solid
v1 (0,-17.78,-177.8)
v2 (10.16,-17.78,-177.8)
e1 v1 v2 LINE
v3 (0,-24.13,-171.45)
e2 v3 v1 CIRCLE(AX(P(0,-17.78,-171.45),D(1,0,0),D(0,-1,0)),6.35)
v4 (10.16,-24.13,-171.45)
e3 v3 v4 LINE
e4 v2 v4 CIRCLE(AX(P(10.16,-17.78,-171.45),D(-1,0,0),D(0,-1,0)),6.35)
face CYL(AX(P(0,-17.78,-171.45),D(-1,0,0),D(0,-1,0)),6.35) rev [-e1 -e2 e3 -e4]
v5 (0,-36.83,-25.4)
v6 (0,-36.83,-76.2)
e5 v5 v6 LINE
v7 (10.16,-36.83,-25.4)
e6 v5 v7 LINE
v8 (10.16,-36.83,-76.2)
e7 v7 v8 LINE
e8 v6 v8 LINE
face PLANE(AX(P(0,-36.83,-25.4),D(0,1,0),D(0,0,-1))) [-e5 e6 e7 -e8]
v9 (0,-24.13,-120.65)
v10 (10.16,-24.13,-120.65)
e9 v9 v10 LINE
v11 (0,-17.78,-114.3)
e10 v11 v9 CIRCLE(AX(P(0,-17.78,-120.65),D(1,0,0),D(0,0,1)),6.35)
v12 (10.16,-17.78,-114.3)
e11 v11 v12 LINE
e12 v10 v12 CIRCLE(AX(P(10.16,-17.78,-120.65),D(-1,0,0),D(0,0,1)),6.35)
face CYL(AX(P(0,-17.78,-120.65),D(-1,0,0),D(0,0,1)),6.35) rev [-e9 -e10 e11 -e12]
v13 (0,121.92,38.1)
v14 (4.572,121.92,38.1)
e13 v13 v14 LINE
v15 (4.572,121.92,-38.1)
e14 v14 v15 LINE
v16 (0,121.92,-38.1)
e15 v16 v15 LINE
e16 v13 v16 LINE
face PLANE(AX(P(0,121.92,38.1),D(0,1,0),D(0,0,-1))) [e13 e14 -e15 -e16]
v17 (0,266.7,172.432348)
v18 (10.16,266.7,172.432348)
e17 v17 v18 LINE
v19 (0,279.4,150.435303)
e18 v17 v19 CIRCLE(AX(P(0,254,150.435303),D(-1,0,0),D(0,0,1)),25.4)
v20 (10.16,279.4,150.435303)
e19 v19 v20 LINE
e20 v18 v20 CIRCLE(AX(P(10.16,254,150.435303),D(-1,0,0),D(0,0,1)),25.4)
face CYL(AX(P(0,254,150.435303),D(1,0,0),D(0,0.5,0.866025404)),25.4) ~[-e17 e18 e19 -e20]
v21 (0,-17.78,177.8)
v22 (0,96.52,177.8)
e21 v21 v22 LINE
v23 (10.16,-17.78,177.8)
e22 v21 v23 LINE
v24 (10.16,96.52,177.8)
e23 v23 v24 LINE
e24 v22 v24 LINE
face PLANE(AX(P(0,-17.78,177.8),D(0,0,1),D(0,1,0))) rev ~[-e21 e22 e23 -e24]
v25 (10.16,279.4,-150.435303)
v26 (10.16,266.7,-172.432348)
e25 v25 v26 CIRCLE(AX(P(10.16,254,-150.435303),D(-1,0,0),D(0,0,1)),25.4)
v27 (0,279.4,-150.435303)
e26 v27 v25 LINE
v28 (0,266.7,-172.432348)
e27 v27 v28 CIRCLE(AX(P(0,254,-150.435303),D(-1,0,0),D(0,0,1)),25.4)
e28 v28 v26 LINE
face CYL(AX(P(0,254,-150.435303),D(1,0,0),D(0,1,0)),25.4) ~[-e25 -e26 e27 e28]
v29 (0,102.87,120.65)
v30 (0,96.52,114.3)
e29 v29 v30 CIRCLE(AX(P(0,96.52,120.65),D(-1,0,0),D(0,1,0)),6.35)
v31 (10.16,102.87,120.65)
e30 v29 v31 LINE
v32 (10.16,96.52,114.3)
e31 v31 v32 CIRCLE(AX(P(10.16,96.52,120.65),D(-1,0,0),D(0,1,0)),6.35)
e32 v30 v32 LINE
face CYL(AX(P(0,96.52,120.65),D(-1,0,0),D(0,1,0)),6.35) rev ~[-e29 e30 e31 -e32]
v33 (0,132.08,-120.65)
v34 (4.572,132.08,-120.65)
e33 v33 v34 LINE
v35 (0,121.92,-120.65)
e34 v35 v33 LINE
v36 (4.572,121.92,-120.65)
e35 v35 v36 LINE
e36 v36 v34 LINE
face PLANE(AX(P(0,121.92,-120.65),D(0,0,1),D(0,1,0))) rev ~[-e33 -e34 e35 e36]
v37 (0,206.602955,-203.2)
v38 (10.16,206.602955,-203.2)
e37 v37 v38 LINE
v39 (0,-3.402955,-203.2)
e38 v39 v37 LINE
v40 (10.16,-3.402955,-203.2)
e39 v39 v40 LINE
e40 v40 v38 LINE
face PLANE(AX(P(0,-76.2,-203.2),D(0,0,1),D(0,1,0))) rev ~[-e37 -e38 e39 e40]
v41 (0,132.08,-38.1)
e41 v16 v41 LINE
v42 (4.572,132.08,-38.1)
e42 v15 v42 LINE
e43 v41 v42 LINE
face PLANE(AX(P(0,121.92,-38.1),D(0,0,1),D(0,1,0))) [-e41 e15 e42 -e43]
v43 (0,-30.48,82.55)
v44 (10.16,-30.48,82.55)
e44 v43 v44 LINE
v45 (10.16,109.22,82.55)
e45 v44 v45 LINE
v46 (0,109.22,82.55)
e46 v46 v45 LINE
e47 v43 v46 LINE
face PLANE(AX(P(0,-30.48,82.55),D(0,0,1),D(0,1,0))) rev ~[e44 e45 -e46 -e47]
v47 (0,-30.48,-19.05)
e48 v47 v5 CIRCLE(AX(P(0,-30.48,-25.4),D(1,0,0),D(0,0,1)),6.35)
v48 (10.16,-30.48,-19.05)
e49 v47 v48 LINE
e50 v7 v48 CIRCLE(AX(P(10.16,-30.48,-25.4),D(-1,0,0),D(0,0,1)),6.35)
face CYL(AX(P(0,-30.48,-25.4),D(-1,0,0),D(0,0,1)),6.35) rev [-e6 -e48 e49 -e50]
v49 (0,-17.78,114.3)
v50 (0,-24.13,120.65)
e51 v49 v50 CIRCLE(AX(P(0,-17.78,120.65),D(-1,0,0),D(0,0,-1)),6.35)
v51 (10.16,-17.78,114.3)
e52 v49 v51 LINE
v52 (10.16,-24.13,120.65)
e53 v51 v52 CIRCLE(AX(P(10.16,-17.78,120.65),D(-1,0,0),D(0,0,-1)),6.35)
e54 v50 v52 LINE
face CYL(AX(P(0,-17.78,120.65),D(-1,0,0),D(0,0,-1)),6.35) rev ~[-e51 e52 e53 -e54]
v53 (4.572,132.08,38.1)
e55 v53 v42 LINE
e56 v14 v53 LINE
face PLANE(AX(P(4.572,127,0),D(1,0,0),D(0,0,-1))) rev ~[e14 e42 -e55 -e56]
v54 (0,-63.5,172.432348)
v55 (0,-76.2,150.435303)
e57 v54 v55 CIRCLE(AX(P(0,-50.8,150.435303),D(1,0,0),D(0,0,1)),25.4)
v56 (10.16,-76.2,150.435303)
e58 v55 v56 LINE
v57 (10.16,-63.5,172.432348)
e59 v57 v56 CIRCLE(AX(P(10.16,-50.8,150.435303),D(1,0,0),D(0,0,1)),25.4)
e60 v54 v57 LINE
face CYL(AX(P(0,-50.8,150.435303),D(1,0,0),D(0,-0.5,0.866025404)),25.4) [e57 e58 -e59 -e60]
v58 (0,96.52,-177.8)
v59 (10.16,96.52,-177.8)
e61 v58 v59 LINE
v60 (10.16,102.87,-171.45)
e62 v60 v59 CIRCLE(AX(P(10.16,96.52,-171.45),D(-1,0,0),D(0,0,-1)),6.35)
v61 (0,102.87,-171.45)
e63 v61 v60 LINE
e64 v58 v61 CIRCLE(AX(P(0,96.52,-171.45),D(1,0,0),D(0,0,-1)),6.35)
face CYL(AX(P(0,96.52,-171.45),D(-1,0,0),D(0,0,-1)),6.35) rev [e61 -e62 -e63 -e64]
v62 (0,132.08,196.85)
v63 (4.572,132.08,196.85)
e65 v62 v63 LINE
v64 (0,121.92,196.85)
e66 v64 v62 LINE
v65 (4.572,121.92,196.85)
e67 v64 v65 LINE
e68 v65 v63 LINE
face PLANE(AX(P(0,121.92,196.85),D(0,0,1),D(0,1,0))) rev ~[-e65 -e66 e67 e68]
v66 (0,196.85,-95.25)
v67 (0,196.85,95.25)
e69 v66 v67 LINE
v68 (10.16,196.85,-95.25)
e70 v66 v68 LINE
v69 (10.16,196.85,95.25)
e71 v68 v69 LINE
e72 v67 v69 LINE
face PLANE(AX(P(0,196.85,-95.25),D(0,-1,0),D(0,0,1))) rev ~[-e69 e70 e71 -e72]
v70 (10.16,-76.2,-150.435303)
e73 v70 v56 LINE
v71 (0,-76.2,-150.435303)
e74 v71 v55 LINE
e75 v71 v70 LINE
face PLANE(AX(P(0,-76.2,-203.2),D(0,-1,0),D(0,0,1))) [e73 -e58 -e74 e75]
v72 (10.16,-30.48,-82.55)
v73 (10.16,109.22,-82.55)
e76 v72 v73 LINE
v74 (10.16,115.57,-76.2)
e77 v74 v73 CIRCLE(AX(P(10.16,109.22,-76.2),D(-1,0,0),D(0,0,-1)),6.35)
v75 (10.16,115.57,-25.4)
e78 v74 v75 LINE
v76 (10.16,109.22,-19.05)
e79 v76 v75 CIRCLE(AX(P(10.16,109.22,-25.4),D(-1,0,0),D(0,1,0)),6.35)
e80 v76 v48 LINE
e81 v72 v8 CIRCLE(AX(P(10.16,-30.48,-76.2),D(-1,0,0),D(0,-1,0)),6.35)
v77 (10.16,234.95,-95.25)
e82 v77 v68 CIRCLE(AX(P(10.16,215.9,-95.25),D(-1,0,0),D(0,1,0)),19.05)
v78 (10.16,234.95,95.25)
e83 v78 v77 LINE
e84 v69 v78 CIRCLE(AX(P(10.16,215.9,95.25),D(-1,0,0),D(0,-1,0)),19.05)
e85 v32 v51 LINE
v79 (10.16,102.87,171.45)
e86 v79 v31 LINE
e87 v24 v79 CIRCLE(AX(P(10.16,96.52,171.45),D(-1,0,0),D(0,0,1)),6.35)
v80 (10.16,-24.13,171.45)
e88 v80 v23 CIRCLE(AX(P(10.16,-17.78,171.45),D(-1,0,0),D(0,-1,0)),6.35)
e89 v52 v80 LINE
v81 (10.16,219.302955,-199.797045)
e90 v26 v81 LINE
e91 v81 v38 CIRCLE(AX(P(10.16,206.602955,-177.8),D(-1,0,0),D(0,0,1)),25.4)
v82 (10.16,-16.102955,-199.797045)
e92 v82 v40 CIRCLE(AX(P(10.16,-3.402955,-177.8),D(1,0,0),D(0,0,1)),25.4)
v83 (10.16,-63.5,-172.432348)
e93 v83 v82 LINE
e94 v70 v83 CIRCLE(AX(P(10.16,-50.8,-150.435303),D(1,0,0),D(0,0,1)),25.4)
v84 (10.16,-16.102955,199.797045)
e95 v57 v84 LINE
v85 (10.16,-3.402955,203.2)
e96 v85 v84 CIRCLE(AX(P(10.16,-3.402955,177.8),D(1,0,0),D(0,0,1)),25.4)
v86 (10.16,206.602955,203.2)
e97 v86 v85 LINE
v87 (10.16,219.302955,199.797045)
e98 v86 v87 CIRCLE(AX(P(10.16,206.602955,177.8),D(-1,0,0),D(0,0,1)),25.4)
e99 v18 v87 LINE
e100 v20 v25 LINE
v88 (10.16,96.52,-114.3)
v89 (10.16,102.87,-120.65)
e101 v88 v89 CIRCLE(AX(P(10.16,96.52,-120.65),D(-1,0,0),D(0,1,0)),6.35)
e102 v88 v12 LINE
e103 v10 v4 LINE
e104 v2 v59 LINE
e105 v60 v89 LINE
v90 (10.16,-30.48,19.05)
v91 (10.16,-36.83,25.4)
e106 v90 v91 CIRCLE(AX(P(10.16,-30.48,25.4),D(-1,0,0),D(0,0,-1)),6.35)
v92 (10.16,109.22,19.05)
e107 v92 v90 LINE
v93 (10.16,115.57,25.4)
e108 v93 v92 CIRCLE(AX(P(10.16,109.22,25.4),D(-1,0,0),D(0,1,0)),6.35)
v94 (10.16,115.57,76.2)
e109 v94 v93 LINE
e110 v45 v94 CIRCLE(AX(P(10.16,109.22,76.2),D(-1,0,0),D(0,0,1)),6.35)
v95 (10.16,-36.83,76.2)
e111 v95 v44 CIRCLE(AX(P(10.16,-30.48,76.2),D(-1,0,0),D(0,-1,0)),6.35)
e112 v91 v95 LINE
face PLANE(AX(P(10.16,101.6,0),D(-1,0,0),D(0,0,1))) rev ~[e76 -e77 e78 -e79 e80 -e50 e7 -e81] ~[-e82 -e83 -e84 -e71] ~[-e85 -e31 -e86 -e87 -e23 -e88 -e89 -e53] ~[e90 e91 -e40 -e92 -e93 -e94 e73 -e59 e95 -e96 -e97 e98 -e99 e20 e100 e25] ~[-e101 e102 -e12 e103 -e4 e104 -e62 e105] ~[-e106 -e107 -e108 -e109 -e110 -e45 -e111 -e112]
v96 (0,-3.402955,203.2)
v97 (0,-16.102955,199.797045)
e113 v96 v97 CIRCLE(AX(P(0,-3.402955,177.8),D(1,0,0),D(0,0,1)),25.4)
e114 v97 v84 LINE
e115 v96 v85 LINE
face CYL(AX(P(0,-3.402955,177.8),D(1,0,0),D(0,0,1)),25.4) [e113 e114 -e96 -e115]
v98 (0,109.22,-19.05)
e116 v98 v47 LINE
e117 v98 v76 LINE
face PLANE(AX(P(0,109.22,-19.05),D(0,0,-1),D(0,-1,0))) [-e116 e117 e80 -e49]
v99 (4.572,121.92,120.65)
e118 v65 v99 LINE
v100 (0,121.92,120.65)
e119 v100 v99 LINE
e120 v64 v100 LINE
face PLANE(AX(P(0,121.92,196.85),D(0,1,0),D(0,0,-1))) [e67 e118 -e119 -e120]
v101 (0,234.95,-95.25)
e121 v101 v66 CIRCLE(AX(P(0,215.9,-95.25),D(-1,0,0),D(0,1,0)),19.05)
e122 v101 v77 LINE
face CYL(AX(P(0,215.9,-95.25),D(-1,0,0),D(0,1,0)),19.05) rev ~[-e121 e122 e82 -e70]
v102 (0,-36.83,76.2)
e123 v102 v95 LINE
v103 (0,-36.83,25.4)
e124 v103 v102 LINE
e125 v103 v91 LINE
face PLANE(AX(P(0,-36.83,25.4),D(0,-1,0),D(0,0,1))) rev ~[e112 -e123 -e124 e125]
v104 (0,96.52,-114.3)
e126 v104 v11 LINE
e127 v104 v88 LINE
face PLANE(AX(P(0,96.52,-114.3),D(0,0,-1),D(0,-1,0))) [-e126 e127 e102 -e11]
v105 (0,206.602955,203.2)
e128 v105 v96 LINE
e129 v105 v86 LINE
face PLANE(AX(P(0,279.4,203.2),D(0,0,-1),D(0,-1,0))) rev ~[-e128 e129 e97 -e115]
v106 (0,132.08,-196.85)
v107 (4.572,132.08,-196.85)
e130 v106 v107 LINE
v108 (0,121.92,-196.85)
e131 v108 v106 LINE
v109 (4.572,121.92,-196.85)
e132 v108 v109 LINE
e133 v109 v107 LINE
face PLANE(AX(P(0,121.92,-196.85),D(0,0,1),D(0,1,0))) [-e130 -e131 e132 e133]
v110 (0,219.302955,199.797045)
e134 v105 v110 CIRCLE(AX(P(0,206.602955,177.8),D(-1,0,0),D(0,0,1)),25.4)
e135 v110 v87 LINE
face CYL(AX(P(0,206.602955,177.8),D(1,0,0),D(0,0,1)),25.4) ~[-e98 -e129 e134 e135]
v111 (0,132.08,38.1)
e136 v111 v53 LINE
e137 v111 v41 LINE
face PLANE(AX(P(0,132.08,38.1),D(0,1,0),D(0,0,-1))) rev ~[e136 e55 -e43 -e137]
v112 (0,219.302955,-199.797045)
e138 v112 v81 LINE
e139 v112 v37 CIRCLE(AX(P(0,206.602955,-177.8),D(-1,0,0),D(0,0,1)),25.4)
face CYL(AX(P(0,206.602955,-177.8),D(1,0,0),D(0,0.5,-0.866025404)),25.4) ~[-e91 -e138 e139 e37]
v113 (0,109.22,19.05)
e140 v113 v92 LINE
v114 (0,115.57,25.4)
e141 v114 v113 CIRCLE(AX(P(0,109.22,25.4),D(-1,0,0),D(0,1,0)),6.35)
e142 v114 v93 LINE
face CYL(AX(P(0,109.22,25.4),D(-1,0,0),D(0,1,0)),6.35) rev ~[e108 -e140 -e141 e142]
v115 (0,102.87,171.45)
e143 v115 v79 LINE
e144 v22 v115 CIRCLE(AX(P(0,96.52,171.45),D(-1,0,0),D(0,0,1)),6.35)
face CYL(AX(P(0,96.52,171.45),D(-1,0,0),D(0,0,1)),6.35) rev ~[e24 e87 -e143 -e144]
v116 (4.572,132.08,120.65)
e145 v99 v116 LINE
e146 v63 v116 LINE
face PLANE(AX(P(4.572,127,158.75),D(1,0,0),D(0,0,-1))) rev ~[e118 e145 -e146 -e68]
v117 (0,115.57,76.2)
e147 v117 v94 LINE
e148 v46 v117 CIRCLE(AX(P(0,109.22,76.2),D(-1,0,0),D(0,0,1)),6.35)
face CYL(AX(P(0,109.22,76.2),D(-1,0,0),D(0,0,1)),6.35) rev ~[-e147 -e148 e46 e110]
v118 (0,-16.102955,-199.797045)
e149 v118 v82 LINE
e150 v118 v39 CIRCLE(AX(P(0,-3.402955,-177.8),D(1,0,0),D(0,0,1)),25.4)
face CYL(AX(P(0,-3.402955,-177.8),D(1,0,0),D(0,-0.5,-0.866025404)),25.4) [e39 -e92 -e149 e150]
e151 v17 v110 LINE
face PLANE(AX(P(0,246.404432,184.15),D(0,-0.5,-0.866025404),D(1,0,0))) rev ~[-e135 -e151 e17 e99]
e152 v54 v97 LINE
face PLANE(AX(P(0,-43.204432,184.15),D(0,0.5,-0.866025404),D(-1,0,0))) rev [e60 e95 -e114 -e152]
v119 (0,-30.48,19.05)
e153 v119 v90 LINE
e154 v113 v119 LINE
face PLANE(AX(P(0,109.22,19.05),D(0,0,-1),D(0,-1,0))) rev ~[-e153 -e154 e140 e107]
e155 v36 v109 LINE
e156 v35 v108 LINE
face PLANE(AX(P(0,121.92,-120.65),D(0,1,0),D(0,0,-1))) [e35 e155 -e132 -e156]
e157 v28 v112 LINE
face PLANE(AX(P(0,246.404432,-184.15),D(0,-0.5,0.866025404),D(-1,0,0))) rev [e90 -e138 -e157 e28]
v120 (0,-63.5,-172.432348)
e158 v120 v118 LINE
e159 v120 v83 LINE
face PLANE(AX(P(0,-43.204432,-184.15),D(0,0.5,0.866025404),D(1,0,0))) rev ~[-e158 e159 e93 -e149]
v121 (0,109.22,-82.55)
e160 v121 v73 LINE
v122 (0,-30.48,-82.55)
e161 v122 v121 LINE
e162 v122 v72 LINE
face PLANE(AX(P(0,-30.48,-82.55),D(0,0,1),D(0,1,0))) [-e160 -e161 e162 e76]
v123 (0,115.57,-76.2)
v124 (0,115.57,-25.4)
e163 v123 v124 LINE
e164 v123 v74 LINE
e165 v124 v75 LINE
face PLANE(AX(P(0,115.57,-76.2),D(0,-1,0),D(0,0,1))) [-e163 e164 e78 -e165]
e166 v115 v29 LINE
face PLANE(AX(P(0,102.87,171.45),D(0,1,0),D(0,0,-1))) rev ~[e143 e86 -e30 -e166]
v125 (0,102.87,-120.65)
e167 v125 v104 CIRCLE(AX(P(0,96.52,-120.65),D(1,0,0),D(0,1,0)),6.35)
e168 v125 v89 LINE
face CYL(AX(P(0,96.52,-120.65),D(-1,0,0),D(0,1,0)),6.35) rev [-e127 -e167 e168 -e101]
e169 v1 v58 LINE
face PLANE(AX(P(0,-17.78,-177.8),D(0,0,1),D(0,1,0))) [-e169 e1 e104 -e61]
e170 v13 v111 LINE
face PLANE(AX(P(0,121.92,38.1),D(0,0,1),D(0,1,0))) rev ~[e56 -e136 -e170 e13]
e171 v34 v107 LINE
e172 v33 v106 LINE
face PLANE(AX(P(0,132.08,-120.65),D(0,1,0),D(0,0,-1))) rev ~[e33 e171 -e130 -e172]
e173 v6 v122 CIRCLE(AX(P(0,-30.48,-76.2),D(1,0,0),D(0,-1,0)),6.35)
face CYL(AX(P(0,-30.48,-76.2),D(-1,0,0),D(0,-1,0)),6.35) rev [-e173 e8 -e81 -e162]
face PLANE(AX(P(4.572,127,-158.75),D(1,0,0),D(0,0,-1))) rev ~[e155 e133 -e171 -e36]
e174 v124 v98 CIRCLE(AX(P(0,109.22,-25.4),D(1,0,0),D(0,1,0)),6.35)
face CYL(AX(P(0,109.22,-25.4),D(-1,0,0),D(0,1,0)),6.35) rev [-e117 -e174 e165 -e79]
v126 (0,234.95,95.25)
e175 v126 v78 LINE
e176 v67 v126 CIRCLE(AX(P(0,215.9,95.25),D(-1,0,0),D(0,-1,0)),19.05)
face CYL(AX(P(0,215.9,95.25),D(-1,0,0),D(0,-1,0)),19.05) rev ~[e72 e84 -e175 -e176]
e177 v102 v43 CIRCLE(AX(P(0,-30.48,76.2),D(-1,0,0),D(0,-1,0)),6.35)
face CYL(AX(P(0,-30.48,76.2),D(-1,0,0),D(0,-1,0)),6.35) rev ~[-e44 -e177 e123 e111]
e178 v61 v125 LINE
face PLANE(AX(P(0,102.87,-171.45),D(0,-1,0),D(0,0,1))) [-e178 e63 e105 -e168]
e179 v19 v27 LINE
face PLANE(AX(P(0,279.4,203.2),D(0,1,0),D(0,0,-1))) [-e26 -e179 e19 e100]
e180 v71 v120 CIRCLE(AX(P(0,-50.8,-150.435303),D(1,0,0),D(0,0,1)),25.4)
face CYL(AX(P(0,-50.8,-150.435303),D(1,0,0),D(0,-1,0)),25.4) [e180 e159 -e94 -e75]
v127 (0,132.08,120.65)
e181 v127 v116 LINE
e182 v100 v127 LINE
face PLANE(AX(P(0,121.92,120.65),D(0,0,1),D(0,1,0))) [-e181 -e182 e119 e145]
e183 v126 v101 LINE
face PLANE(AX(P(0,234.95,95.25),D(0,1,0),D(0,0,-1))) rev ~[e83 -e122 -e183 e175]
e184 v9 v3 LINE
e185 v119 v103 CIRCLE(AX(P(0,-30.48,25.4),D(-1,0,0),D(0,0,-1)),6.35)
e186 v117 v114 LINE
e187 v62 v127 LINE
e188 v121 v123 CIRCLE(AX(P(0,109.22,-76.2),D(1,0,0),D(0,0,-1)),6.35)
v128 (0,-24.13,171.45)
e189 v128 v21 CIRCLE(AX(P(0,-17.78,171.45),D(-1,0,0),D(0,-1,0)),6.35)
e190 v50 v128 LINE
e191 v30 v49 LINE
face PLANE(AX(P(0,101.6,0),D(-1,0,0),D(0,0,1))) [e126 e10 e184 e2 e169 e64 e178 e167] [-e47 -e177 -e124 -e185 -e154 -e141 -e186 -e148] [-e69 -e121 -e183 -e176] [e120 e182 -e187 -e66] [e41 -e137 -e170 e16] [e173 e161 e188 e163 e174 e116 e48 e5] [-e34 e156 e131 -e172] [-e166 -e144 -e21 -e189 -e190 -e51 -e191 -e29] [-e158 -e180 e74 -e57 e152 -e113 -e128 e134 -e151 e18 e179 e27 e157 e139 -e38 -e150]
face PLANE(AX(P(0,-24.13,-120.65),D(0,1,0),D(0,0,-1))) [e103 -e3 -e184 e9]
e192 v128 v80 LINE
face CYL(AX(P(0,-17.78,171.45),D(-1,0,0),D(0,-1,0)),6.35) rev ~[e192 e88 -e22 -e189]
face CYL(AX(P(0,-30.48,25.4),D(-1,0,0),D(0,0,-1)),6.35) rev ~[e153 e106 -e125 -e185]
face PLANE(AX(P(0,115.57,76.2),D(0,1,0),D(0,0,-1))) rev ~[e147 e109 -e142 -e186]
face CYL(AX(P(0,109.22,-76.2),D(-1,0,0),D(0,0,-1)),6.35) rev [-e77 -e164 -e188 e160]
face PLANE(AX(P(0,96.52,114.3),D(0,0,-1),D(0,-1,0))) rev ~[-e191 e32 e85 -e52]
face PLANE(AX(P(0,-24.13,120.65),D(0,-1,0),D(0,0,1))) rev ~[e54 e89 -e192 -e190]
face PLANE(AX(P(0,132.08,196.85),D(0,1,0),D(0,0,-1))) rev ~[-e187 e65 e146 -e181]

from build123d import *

# Parameters (mm, degrees)
BOSS_EXTRUDE1_DEPTH   = 10.16
SKETCH2_W             = 76.2
SKETCH2_H             = 10.16
CUT_EXTRUDE1_DEPTH    = 4.572
CHAMFER1_SIZE         = 38.1
CHAMFER1_SIZE2        = 65.991135768
CHAMFER1_PART_2_SIZE  = 38.1
CHAMFER1_PART_2_SIZE2 = 65.991135768
FILLET1_R             = 25.4
CUT_EXTRUDE2_DEPTH    = 26.416


with BuildPart() as part:
    # Sketch1 → Boss-Extrude1 (new body)
    with BuildSketch(Plane(origin=(0, 0, 0), x_dir=(0, 0, -1), z_dir=(1, 0, 0))):
        Polygon((-203.2, 0), (-203.2, 254), (-203.2, 279.4), (203.2, 279.4), (203.2, 254), (203.2, 0), (203.2, -76.2), (-203.2, -76.2), align=None)
        with BuildLine():
            Line((-95.25, 234.95), (95.25, 234.95))
            ThreePointArc((95.25, 234.95), (114.3, 215.9), (95.25, 196.85))
            Line((95.25, 196.85), (-95.25, 196.85))
            ThreePointArc((-95.25, 196.85), (-114.3, 215.9), (-95.25, 234.95))
        make_face(mode=Mode.SUBTRACT)
    extrude(amount=BOSS_EXTRUDE1_DEPTH)

    # Sketch2 → Cut-Extrude1 (cut)
    with BuildSketch(Plane(origin=(0, 0, 0), x_dir=(0, 0, -1), z_dir=(1, 0, 0))):
        with Locations((-158.75, 127)):
            Rectangle(SKETCH2_W, SKETCH2_H)
        with Locations((0, 127)):
            Rectangle(SKETCH2_W, SKETCH2_H)
        with Locations((158.75, 127)):
            Rectangle(SKETCH2_W, SKETCH2_H)
    extrude(amount=CUT_EXTRUDE1_DEPTH, mode=Mode.SUBTRACT)

    # Chamfer1
    chamfer1_edges = [part.edges().sort_by_distance(p)[0] for p in [
        (5.08, 279.4, 203.2),
        (5.08, 279.4, -203.2),
    ]]
    chamfer1_side = [part.faces().sort_by_distance(p)[0] for p in [
        (5.08, 279.4, 0),
    ]]
    chamfer(chamfer1_edges, length=CHAMFER1_SIZE, length2=CHAMFER1_SIZE2, reference=chamfer1_side[0])

    # Chamfer1 part 2
    chamfer1_part_2_edges = [part.edges().sort_by_distance(p)[0] for p in [
        (5.08, -76.2, -203.2),
        (5.08, -76.2, 203.2),
    ]]
    chamfer1_part_2_side = [part.faces().sort_by_distance(p)[0] for p in [
        (5.08, -76.2, 0),
    ]]
    chamfer(chamfer1_part_2_edges, length=CHAMFER1_PART_2_SIZE, length2=CHAMFER1_PART_2_SIZE2, reference=chamfer1_part_2_side[0])

    # Fillet1
    fillet1_edges = [part.edges().sort_by_distance(p)[0] for p in [
        (5.08, 213.408864232, -203.2),
        (5.08, -10.208864232, -203.2),
        (5.08, -76.2, 165.1),
        (5.08, -76.2, -165.1),
        (5.08, 213.408864232, 203.2),
        (5.08, -10.208864232, 203.2),
        (5.08, 279.4, -165.1),
        (5.08, 279.4, 165.1),
    ]]
    fillet(fillet1_edges, radius=FILLET1_R)

    # Sketch4 → Cut-Extrude2 (cut)
    with BuildSketch(Plane(origin=(0, 0, 0), x_dir=(0, 0, -1), z_dir=(1, 0, 0))):
        with BuildLine():
            Line((-171.45, 102.87), (-120.65, 102.87))
            ThreePointArc((-120.65, 102.87), (-116.159871939, 101.010128061), (-114.3, 96.52))
            Line((-114.3, 96.52), (-114.3, -17.78))
            ThreePointArc((-114.3, -17.78), (-116.159871939, -22.270128061), (-120.65, -24.13))
            Line((-120.65, -24.13), (-171.45, -24.13))
            ThreePointArc((-171.45, -24.13), (-175.940128061, -22.270128061), (-177.8, -17.78))
            Line((-177.8, -17.78), (-177.8, 96.52))
            ThreePointArc((-177.8, 96.52), (-175.940128061, 101.010128061), (-171.45, 102.87))
        make_face()
        with BuildLine():
            Line((-76.2, 115.57), (-25.4, 115.57))
            ThreePointArc((-25.4, 115.57), (-20.909871939, 113.710128061), (-19.05, 109.22))
            Line((-19.05, 109.22), (-19.05, -30.48))
            ThreePointArc((-19.05, -30.48), (-20.909871939, -34.970128061), (-25.4, -36.83))
            Line((-25.4, -36.83), (-76.2, -36.83))
            ThreePointArc((-76.2, -36.83), (-80.690128061, -34.970128061), (-82.55, -30.48))
            Line((-82.55, -30.48), (-82.55, 109.22))
            ThreePointArc((-82.55, 109.22), (-80.690128061, 113.710128061), (-76.2, 115.57))
        make_face()
        with BuildLine():
            Line((19.05, 109.22), (19.05, -30.48))
            ThreePointArc((19.05, -30.48), (20.909871939, -34.970128061), (25.4, -36.83))
            Line((25.4, -36.83), (76.2, -36.83))
            ThreePointArc((76.2, -36.83), (80.690128061, -34.970128061), (82.55, -30.48))
            Line((82.55, -30.48), (82.55, 109.22))
            ThreePointArc((82.55, 109.22), (80.690128061, 113.710128061), (76.2, 115.57))
            Line((76.2, 115.57), (25.4, 115.57))
            ThreePointArc((25.4, 115.57), (20.909871939, 113.710128061), (19.05, 109.22))
        make_face()
        with BuildLine():
            Line((114.3, 96.52), (114.3, -17.78))
            ThreePointArc((114.3, -17.78), (116.159871939, -22.270128061), (120.65, -24.13))
            Line((120.65, -24.13), (171.45, -24.13))
            ThreePointArc((171.45, -24.13), (175.940128061, -22.270128061), (177.8, -17.78))
            Line((177.8, -17.78), (177.8, 96.52))
            ThreePointArc((177.8, 96.52), (175.940128061, 101.010128061), (171.45, 102.87))
            Line((171.45, 102.87), (120.65, 102.87))
            ThreePointArc((120.65, 102.87), (116.159871939, 101.010128061), (114.3, 96.52))
        make_face()
    extrude(amount=CUT_EXTRUDE2_DEPTH, mode=Mode.SUBTRACT)


solid = part.part
